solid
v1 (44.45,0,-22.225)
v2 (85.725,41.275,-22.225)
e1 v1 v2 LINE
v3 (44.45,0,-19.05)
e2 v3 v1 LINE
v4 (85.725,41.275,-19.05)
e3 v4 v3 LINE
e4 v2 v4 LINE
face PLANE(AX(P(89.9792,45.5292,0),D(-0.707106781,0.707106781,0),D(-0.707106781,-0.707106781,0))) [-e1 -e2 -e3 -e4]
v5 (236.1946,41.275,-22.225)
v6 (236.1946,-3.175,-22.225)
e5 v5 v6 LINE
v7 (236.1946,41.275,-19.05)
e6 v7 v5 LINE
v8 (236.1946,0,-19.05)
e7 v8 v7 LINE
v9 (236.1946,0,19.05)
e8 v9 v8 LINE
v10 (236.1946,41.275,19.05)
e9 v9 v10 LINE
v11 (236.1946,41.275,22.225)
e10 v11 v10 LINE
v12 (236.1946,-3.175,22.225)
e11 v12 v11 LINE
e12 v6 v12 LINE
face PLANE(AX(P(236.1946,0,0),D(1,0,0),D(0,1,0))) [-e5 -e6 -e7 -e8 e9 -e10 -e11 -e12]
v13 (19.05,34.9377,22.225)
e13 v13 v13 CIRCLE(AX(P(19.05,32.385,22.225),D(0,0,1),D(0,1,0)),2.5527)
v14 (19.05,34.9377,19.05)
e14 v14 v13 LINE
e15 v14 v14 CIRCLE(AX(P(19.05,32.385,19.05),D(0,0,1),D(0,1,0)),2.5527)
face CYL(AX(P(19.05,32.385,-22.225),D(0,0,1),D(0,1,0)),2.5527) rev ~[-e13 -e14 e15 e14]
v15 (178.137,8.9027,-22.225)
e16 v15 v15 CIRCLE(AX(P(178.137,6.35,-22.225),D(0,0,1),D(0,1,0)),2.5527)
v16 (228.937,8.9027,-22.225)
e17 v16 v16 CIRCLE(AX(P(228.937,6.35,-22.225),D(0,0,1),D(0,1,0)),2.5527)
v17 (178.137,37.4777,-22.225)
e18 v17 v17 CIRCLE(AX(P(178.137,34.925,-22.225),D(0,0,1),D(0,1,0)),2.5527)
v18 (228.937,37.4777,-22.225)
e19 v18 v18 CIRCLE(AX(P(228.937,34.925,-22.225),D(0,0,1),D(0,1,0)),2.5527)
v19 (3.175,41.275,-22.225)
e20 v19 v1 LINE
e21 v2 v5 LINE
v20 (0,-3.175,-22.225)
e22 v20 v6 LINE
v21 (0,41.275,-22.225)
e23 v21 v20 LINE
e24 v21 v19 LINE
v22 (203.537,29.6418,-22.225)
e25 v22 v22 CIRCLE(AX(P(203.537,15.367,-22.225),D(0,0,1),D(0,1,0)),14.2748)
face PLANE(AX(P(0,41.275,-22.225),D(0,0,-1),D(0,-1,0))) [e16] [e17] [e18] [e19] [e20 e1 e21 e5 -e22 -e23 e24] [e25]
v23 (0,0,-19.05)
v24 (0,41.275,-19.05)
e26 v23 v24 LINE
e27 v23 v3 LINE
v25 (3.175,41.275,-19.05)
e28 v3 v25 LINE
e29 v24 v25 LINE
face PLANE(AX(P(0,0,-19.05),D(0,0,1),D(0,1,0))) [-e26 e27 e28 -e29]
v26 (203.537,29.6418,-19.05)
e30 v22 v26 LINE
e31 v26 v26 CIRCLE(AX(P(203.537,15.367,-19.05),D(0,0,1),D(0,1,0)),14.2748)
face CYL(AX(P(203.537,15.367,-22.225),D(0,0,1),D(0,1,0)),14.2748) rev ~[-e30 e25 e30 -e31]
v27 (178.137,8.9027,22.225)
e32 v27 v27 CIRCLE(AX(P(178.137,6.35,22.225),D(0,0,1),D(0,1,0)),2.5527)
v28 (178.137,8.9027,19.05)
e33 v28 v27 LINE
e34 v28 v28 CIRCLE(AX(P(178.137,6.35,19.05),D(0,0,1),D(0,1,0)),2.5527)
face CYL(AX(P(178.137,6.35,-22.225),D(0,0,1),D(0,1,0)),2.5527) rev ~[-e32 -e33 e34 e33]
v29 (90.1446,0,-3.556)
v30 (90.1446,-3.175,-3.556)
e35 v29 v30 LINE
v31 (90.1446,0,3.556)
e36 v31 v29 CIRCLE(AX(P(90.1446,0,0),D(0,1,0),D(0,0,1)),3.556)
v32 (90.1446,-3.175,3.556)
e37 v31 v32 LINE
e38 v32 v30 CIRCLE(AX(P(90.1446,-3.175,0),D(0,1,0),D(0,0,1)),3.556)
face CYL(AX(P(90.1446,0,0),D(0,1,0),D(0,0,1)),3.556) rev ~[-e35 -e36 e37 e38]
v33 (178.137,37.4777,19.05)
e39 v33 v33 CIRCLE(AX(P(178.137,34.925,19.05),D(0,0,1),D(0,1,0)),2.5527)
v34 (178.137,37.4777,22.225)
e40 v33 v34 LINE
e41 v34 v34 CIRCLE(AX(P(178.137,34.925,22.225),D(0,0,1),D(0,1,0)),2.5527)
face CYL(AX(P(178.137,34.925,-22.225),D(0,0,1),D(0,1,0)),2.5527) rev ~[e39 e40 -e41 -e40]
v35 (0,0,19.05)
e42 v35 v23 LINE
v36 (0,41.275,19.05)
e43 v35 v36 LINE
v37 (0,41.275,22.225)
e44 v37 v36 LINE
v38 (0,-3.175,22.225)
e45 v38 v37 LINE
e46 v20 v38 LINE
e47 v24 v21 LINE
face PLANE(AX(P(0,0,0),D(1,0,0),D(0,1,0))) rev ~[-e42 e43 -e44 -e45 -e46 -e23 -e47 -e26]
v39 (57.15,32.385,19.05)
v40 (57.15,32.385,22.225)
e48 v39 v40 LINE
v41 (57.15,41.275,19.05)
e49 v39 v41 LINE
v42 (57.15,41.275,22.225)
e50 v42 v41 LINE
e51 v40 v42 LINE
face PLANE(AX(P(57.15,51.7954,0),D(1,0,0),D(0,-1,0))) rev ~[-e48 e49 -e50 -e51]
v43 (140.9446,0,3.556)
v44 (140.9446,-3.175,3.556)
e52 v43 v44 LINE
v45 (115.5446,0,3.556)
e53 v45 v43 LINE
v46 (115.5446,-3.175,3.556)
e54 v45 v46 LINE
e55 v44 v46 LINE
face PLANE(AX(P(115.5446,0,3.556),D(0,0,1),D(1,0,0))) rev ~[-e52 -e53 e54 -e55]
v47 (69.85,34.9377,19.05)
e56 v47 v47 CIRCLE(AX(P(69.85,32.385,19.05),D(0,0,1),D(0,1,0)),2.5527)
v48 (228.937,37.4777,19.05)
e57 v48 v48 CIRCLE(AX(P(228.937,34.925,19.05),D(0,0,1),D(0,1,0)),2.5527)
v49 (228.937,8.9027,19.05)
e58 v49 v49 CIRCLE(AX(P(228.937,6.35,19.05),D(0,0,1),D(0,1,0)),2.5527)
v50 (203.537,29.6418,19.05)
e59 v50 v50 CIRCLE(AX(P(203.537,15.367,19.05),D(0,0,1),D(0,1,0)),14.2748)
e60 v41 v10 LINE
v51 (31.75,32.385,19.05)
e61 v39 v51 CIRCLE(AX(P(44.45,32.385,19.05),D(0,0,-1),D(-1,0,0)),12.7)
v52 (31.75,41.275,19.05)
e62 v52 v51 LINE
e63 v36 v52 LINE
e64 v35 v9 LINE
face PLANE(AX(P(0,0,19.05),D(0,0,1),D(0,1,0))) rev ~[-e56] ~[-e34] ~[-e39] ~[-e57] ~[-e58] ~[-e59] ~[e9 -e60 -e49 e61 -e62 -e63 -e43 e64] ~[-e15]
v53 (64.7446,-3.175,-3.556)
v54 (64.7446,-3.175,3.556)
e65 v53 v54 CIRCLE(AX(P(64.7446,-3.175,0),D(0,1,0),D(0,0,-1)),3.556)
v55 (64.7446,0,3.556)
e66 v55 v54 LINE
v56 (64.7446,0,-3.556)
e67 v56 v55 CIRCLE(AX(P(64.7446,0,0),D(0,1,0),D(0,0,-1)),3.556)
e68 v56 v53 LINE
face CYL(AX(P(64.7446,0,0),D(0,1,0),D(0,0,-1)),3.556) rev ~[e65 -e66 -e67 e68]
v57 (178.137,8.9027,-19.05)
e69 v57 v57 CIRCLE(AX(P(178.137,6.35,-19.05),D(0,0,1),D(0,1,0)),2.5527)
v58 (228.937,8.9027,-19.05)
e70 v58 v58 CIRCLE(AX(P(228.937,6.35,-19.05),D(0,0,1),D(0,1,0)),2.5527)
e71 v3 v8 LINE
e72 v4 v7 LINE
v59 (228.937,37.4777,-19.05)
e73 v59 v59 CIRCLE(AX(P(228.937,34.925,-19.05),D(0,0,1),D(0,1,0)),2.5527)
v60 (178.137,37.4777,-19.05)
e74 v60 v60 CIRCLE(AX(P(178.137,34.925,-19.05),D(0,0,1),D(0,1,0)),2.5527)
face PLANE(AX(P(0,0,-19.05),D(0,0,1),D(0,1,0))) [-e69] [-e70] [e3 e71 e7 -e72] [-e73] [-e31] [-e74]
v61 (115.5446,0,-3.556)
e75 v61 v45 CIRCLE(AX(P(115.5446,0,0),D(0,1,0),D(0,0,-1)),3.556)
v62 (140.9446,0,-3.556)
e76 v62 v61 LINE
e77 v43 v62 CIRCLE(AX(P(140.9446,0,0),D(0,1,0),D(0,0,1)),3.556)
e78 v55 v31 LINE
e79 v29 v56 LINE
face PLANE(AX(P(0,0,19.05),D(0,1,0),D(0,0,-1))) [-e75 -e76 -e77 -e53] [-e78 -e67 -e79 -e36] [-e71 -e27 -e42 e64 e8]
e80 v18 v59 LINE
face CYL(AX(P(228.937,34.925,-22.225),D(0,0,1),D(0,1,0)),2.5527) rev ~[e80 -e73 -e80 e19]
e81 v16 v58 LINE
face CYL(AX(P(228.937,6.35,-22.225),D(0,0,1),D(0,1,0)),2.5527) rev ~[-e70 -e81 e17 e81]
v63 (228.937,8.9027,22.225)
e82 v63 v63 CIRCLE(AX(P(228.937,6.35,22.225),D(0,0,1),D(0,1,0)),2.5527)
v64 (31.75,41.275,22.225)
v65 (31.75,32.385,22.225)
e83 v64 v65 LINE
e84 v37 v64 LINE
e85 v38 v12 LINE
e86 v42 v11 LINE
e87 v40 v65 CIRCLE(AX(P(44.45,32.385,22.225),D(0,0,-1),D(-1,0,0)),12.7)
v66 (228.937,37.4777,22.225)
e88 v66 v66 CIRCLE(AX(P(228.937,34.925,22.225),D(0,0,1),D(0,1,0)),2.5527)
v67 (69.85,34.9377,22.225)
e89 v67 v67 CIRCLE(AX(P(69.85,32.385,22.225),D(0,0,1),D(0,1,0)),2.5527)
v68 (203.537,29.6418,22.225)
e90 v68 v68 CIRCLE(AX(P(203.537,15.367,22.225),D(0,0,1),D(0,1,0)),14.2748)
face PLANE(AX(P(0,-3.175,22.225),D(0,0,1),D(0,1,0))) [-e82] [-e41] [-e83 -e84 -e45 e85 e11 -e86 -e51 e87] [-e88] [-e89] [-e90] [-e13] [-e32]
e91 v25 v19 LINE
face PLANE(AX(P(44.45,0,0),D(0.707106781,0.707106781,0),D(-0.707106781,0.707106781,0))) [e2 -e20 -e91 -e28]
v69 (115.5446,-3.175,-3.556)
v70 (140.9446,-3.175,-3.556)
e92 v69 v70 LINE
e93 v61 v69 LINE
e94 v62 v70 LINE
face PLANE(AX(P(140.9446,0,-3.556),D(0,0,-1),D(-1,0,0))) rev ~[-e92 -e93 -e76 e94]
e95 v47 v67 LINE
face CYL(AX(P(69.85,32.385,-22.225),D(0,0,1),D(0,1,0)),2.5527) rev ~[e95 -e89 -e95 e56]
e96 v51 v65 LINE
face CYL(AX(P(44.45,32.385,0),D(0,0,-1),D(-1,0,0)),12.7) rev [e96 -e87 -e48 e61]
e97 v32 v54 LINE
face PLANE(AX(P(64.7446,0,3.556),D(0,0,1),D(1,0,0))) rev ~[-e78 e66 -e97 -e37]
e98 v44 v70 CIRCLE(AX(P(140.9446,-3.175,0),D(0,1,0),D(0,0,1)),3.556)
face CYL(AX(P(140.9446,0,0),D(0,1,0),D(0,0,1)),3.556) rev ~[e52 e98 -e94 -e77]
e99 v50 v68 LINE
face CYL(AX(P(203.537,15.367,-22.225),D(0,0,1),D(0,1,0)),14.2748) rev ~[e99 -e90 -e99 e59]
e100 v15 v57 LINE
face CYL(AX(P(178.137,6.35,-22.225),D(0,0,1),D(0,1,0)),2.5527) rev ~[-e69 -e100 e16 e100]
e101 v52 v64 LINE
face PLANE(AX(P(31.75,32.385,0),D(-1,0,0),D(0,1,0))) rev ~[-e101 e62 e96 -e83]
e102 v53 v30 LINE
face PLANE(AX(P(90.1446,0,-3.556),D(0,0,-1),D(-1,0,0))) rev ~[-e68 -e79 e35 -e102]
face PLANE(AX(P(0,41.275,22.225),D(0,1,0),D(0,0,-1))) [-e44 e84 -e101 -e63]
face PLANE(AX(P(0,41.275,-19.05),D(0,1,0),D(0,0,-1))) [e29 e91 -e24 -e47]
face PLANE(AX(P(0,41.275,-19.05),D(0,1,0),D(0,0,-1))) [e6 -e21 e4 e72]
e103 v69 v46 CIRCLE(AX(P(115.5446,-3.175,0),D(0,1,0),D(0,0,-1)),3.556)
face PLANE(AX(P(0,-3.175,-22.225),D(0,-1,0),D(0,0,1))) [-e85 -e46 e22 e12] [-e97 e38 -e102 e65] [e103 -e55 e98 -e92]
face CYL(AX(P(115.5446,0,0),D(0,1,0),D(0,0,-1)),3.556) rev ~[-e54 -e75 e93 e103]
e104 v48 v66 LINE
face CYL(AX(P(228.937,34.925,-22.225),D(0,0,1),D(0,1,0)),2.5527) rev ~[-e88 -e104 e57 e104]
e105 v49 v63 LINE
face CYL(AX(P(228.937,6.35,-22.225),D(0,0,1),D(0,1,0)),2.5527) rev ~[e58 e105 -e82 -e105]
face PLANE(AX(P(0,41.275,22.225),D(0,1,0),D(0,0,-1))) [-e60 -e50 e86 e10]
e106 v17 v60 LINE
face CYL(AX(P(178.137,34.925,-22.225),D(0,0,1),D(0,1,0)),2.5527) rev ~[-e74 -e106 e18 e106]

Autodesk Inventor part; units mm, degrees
ref_plane "YZ Plane" through (0, 0, 0) normal (1, 0, 0) x (0, 1, 0)
ref_plane "XZ Plane" through (0, 0, 0) normal (0, 1, 0) x (-1, 0, 0)
ref_plane "XY Plane" through (0, 0, 0) normal (0, 0, 1) x (1, 0, 0)
sketch "Sketch1" plane through (0, 0, 0) normal (1, 0, 0) x (0, 1, 0)
  line L0 (41.275, -22.225) -> (-3.175, -22.225)
  line L1 (-3.175, -22.225) -> (-3.175, 22.225)
  line L2 (-3.175, 22.225) -> (41.275, 22.225)
  line L3 (0, 19.05) -> (0, -19.05)
  line L4 (0, 19.05) -> (41.275, 19.05)
  line L5 (0, -19.05) -> (41.275, -19.05)
  line L6 (41.275, 22.225) -> (41.275, 19.05)
  line L7 (41.275, -19.05) -> (41.275, -22.225)
  point P0 (0, 0)
  point P1 (0, 0)
  dimension "d27" = 44.45
  dimension "d28" = 44.45
  dimension "d29" = 3.175
  dimension "d83" = 3.175
extrude "Extrusion1" add sketch "Sketch1" along normal blind 236.1946
sketch "Sketch4" plane through (0, -3.175, -22.225) normal (0, 0, -1) x (-1, 0, 0)
  line L0 (0, 3.175) -> (0, 0) projected
  line L1 (-44.45, 101.8817) -> (-44.45, -23.3371)
  line L2 (0, 3.175) -> (-236.1946, 3.175) projected
  point P0 (-19.05, 35.56)
  point P1 (-69.85, 35.56)
  dimension "d30" = 50.8
  dimension "d81" = 25.4
  dimension "d82" = 44.45
  dimension "d84" = 32.385
hole "Hole2" at (19.05, 32.385, -22.225) at (69.85, 32.385, -22.225) direction (0, 0, 1) diameter 5.1054 end through all clearance for "Flat Head Machine Screw (82)" size "#10" standard "Ansi Unified Screw Threads"
sketch "Sketch7" plane through (0, -3.175, 0) normal (0, 0, 1) x (1, 0, 0)
  line L0 (-1.0792, 48.7042) -> (44.45, 94.2334)
  line L1 (44.45, 94.2334) -> (89.9792, 48.7042)
  line L2 (89.9792, 48.7042) -> (44.45, 3.175)
  line L3 (44.45, 3.175) -> (-1.0792, 48.7042)
  line L4 (0, 0) -> (0, 44.45) projected
  line L5 (0, 0) -> (236.1946, 0) projected
  line L6 (44.45, 3.175) -> (44.45, -64.4339)
  circle A0 centre (19.05, 35.56) radius 2.5527 projected
  circle A1 centre (69.85, 35.56) radius 2.5527 projected
  point P0 (0, 3.175)
  dimension "d57" = 3.175
  dimension "d85" = 50.8
  dimension "d86" = 25.4
  dimension "d87" = 135
extrude "Extrusion3" cut sketch "Sketch7" against normal through all contours L0 L1 L2 L3 | A0 | A1
sketch "Sketch10" plane through (0, -3.175, 0) normal (0, 0, 1) x (1, 0, 0)
  line L0 (31.75, 54.9704) -> (57.15, 54.9704)
  line L1 (57.15, 54.9704) -> (57.15, 35.56)
  line L2 (31.75, 35.56) -> (31.75, 54.9704)
  arc A0 (31.75, 35.56) -> (57.15, 35.56) centre (44.45, 35.56) ccw
  circle A1 centre (19.05, 35.56) radius 2.5527 projected
  point P0 (0, 3.175)
  point P1 (44.45, 3.175)
  dimension "d88" = 25.4
extrude "Extrusion5" cut sketch "Sketch10" along normal through all contours L0 L1 A0 L2
sketch "Sketch11" plane through (0, -3.175, -22.225) normal (0, 0, -1) x (-1, 0, 0)
  line L0 (-236.1946, 0) -> (-236.1946, 44.45) projected
  line L1 (0, 0) -> (-236.1946, 0) projected
  arc A0 (-57.15, 35.56) -> (-31.75, 35.56) centre (-44.45, 35.56) ccw projected
  line L2 (-85.725, 44.45) -> (-236.1946, 44.45) projected
  point P0 (0, 3.175)
  point P1 (-203.537, 18.542)
  point P2 (-236.1946, 22.225)
  dimension "d89" = 159.9946
  dimension "d114" = 25.908
hole "Hole5" at (203.537, 15.367, -22.225) direction (0, 0, 1) diameter 28.5496 end through all
sketch "Sketch12" plane through (0, -3.175, -22.225) normal (0, 0, -1) x (-1, 0, 0)
  circle A0 centre (-203.537, 18.542) radius 14.2748 projected
  line L0 (0, 0) -> (-236.1946, 0) projected
  point P0 (0, 3.175)
  point P1 (-178.137, 38.1)
  point P2 (-178.137, 9.525)
  point P3 (-228.937, 9.525)
  point P4 (-228.937, 38.1)
  dimension "d99" = 9.525
  dimension "d100" = 38.1
  dimension "d101" = 25.4
  dimension "d102" = 25.4
hole "Hole6" at (178.137, 34.925, -22.225) at (178.137, 6.35, -22.225) at (228.937, 6.35, -22.225) at (228.937, 34.925, -22.225) direction (0, 0, 1) diameter 5.1054 end through all clearance for "Flat Head Machine Screw (82)" size "#10" standard "Ansi Unified Screw Threads"
sketch "Sketch8" plane through (0, 0, 19.05) normal (0, 1, 0) x (1, 0, 0)
  line L0 (64.7446, 19.05) -> (90.1446, 19.05) construction
  line L1 (64.7446, 15.494) -> (90.1446, 15.494)
  line L2 (90.1446, 22.606) -> (64.7446, 22.606)
  arc A0 (64.7446, 22.606) -> (64.7446, 15.494) centre (64.7446, 19.05) ccw
  arc A1 (90.1446, 15.494) -> (90.1446, 22.606) centre (90.1446, 19.05) ccw
  line L3 (115.5446, 19.05) -> (140.9446, 19.05) construction
  line L4 (115.5446, 15.494) -> (140.9446, 15.494)
  line L5 (140.9446, 22.606) -> (115.5446, 22.606)
  arc A2 (115.5446, 22.606) -> (115.5446, 15.494) centre (115.5446, 19.05) ccw
  arc A3 (140.9446, 15.494) -> (140.9446, 22.606) centre (140.9446, 19.05) ccw
  line L6 (236.1946, 38.1) -> (236.1946, 0) projected
  line L7 (0, 0) -> (0, 38.1) projected
  point P0 (77.4446, 19.05)
  point P1 (128.2446, 19.05)
  point P2 (0, 19.05)
  dimension "d62" = 25.4
  dimension "d64" = 107.95
  dimension "d80" = 158.75
  dimension "d115" = 7.112
extrude "Extrusion4" cut sketch "Sketch8" against normal through all
ref_plane "Work Plane1" through (0, -3.175, 0) normal (0, 0, 1) x (1, 0, 0)
sketch "Sketch2" plane through (0, 0, 0) normal (0, 0, 1) x (1, 0, 0)
  circle A0 centre (23.8125, 23.8125) radius 25.4
  line L0 (5.852, 64.6197) -> (5.852, -28.4292) construction
  line L1 (0, 50.8) -> (0, 0) construction
  line L2 (0, 0) -> (304.8, 0) construction
  line L3 (304.8, 50.8) -> (304.8, 0) construction
  line L4 (0, 50.8) -> (304.8, 50.8) construction
  line L5 (0, 47.625) -> (304.8, 47.625) construction
  point P0 (5.852, 5.852)
  point P1 (41.773, 5.852)
  point P2 (41.773, 41.773)
  point P3 (5.852, 41.773)
  dimension "d11" = 50.8
  dimension "d14" = 360
  dimension "d16" = 5.852
  dimension "d17" = 5.852
  dimension "d19" = 5.852
equation "\"d83\" = d29"
equation "\"d81\" = 0.5 * d30"
equation "\"d86\" = 0.5 * d85"
equation "\"d16\" = d17"
equation "\"d19\" = d17"
properties part number "CAR_042_KickerLBracket" material "Aluminum 6061"
